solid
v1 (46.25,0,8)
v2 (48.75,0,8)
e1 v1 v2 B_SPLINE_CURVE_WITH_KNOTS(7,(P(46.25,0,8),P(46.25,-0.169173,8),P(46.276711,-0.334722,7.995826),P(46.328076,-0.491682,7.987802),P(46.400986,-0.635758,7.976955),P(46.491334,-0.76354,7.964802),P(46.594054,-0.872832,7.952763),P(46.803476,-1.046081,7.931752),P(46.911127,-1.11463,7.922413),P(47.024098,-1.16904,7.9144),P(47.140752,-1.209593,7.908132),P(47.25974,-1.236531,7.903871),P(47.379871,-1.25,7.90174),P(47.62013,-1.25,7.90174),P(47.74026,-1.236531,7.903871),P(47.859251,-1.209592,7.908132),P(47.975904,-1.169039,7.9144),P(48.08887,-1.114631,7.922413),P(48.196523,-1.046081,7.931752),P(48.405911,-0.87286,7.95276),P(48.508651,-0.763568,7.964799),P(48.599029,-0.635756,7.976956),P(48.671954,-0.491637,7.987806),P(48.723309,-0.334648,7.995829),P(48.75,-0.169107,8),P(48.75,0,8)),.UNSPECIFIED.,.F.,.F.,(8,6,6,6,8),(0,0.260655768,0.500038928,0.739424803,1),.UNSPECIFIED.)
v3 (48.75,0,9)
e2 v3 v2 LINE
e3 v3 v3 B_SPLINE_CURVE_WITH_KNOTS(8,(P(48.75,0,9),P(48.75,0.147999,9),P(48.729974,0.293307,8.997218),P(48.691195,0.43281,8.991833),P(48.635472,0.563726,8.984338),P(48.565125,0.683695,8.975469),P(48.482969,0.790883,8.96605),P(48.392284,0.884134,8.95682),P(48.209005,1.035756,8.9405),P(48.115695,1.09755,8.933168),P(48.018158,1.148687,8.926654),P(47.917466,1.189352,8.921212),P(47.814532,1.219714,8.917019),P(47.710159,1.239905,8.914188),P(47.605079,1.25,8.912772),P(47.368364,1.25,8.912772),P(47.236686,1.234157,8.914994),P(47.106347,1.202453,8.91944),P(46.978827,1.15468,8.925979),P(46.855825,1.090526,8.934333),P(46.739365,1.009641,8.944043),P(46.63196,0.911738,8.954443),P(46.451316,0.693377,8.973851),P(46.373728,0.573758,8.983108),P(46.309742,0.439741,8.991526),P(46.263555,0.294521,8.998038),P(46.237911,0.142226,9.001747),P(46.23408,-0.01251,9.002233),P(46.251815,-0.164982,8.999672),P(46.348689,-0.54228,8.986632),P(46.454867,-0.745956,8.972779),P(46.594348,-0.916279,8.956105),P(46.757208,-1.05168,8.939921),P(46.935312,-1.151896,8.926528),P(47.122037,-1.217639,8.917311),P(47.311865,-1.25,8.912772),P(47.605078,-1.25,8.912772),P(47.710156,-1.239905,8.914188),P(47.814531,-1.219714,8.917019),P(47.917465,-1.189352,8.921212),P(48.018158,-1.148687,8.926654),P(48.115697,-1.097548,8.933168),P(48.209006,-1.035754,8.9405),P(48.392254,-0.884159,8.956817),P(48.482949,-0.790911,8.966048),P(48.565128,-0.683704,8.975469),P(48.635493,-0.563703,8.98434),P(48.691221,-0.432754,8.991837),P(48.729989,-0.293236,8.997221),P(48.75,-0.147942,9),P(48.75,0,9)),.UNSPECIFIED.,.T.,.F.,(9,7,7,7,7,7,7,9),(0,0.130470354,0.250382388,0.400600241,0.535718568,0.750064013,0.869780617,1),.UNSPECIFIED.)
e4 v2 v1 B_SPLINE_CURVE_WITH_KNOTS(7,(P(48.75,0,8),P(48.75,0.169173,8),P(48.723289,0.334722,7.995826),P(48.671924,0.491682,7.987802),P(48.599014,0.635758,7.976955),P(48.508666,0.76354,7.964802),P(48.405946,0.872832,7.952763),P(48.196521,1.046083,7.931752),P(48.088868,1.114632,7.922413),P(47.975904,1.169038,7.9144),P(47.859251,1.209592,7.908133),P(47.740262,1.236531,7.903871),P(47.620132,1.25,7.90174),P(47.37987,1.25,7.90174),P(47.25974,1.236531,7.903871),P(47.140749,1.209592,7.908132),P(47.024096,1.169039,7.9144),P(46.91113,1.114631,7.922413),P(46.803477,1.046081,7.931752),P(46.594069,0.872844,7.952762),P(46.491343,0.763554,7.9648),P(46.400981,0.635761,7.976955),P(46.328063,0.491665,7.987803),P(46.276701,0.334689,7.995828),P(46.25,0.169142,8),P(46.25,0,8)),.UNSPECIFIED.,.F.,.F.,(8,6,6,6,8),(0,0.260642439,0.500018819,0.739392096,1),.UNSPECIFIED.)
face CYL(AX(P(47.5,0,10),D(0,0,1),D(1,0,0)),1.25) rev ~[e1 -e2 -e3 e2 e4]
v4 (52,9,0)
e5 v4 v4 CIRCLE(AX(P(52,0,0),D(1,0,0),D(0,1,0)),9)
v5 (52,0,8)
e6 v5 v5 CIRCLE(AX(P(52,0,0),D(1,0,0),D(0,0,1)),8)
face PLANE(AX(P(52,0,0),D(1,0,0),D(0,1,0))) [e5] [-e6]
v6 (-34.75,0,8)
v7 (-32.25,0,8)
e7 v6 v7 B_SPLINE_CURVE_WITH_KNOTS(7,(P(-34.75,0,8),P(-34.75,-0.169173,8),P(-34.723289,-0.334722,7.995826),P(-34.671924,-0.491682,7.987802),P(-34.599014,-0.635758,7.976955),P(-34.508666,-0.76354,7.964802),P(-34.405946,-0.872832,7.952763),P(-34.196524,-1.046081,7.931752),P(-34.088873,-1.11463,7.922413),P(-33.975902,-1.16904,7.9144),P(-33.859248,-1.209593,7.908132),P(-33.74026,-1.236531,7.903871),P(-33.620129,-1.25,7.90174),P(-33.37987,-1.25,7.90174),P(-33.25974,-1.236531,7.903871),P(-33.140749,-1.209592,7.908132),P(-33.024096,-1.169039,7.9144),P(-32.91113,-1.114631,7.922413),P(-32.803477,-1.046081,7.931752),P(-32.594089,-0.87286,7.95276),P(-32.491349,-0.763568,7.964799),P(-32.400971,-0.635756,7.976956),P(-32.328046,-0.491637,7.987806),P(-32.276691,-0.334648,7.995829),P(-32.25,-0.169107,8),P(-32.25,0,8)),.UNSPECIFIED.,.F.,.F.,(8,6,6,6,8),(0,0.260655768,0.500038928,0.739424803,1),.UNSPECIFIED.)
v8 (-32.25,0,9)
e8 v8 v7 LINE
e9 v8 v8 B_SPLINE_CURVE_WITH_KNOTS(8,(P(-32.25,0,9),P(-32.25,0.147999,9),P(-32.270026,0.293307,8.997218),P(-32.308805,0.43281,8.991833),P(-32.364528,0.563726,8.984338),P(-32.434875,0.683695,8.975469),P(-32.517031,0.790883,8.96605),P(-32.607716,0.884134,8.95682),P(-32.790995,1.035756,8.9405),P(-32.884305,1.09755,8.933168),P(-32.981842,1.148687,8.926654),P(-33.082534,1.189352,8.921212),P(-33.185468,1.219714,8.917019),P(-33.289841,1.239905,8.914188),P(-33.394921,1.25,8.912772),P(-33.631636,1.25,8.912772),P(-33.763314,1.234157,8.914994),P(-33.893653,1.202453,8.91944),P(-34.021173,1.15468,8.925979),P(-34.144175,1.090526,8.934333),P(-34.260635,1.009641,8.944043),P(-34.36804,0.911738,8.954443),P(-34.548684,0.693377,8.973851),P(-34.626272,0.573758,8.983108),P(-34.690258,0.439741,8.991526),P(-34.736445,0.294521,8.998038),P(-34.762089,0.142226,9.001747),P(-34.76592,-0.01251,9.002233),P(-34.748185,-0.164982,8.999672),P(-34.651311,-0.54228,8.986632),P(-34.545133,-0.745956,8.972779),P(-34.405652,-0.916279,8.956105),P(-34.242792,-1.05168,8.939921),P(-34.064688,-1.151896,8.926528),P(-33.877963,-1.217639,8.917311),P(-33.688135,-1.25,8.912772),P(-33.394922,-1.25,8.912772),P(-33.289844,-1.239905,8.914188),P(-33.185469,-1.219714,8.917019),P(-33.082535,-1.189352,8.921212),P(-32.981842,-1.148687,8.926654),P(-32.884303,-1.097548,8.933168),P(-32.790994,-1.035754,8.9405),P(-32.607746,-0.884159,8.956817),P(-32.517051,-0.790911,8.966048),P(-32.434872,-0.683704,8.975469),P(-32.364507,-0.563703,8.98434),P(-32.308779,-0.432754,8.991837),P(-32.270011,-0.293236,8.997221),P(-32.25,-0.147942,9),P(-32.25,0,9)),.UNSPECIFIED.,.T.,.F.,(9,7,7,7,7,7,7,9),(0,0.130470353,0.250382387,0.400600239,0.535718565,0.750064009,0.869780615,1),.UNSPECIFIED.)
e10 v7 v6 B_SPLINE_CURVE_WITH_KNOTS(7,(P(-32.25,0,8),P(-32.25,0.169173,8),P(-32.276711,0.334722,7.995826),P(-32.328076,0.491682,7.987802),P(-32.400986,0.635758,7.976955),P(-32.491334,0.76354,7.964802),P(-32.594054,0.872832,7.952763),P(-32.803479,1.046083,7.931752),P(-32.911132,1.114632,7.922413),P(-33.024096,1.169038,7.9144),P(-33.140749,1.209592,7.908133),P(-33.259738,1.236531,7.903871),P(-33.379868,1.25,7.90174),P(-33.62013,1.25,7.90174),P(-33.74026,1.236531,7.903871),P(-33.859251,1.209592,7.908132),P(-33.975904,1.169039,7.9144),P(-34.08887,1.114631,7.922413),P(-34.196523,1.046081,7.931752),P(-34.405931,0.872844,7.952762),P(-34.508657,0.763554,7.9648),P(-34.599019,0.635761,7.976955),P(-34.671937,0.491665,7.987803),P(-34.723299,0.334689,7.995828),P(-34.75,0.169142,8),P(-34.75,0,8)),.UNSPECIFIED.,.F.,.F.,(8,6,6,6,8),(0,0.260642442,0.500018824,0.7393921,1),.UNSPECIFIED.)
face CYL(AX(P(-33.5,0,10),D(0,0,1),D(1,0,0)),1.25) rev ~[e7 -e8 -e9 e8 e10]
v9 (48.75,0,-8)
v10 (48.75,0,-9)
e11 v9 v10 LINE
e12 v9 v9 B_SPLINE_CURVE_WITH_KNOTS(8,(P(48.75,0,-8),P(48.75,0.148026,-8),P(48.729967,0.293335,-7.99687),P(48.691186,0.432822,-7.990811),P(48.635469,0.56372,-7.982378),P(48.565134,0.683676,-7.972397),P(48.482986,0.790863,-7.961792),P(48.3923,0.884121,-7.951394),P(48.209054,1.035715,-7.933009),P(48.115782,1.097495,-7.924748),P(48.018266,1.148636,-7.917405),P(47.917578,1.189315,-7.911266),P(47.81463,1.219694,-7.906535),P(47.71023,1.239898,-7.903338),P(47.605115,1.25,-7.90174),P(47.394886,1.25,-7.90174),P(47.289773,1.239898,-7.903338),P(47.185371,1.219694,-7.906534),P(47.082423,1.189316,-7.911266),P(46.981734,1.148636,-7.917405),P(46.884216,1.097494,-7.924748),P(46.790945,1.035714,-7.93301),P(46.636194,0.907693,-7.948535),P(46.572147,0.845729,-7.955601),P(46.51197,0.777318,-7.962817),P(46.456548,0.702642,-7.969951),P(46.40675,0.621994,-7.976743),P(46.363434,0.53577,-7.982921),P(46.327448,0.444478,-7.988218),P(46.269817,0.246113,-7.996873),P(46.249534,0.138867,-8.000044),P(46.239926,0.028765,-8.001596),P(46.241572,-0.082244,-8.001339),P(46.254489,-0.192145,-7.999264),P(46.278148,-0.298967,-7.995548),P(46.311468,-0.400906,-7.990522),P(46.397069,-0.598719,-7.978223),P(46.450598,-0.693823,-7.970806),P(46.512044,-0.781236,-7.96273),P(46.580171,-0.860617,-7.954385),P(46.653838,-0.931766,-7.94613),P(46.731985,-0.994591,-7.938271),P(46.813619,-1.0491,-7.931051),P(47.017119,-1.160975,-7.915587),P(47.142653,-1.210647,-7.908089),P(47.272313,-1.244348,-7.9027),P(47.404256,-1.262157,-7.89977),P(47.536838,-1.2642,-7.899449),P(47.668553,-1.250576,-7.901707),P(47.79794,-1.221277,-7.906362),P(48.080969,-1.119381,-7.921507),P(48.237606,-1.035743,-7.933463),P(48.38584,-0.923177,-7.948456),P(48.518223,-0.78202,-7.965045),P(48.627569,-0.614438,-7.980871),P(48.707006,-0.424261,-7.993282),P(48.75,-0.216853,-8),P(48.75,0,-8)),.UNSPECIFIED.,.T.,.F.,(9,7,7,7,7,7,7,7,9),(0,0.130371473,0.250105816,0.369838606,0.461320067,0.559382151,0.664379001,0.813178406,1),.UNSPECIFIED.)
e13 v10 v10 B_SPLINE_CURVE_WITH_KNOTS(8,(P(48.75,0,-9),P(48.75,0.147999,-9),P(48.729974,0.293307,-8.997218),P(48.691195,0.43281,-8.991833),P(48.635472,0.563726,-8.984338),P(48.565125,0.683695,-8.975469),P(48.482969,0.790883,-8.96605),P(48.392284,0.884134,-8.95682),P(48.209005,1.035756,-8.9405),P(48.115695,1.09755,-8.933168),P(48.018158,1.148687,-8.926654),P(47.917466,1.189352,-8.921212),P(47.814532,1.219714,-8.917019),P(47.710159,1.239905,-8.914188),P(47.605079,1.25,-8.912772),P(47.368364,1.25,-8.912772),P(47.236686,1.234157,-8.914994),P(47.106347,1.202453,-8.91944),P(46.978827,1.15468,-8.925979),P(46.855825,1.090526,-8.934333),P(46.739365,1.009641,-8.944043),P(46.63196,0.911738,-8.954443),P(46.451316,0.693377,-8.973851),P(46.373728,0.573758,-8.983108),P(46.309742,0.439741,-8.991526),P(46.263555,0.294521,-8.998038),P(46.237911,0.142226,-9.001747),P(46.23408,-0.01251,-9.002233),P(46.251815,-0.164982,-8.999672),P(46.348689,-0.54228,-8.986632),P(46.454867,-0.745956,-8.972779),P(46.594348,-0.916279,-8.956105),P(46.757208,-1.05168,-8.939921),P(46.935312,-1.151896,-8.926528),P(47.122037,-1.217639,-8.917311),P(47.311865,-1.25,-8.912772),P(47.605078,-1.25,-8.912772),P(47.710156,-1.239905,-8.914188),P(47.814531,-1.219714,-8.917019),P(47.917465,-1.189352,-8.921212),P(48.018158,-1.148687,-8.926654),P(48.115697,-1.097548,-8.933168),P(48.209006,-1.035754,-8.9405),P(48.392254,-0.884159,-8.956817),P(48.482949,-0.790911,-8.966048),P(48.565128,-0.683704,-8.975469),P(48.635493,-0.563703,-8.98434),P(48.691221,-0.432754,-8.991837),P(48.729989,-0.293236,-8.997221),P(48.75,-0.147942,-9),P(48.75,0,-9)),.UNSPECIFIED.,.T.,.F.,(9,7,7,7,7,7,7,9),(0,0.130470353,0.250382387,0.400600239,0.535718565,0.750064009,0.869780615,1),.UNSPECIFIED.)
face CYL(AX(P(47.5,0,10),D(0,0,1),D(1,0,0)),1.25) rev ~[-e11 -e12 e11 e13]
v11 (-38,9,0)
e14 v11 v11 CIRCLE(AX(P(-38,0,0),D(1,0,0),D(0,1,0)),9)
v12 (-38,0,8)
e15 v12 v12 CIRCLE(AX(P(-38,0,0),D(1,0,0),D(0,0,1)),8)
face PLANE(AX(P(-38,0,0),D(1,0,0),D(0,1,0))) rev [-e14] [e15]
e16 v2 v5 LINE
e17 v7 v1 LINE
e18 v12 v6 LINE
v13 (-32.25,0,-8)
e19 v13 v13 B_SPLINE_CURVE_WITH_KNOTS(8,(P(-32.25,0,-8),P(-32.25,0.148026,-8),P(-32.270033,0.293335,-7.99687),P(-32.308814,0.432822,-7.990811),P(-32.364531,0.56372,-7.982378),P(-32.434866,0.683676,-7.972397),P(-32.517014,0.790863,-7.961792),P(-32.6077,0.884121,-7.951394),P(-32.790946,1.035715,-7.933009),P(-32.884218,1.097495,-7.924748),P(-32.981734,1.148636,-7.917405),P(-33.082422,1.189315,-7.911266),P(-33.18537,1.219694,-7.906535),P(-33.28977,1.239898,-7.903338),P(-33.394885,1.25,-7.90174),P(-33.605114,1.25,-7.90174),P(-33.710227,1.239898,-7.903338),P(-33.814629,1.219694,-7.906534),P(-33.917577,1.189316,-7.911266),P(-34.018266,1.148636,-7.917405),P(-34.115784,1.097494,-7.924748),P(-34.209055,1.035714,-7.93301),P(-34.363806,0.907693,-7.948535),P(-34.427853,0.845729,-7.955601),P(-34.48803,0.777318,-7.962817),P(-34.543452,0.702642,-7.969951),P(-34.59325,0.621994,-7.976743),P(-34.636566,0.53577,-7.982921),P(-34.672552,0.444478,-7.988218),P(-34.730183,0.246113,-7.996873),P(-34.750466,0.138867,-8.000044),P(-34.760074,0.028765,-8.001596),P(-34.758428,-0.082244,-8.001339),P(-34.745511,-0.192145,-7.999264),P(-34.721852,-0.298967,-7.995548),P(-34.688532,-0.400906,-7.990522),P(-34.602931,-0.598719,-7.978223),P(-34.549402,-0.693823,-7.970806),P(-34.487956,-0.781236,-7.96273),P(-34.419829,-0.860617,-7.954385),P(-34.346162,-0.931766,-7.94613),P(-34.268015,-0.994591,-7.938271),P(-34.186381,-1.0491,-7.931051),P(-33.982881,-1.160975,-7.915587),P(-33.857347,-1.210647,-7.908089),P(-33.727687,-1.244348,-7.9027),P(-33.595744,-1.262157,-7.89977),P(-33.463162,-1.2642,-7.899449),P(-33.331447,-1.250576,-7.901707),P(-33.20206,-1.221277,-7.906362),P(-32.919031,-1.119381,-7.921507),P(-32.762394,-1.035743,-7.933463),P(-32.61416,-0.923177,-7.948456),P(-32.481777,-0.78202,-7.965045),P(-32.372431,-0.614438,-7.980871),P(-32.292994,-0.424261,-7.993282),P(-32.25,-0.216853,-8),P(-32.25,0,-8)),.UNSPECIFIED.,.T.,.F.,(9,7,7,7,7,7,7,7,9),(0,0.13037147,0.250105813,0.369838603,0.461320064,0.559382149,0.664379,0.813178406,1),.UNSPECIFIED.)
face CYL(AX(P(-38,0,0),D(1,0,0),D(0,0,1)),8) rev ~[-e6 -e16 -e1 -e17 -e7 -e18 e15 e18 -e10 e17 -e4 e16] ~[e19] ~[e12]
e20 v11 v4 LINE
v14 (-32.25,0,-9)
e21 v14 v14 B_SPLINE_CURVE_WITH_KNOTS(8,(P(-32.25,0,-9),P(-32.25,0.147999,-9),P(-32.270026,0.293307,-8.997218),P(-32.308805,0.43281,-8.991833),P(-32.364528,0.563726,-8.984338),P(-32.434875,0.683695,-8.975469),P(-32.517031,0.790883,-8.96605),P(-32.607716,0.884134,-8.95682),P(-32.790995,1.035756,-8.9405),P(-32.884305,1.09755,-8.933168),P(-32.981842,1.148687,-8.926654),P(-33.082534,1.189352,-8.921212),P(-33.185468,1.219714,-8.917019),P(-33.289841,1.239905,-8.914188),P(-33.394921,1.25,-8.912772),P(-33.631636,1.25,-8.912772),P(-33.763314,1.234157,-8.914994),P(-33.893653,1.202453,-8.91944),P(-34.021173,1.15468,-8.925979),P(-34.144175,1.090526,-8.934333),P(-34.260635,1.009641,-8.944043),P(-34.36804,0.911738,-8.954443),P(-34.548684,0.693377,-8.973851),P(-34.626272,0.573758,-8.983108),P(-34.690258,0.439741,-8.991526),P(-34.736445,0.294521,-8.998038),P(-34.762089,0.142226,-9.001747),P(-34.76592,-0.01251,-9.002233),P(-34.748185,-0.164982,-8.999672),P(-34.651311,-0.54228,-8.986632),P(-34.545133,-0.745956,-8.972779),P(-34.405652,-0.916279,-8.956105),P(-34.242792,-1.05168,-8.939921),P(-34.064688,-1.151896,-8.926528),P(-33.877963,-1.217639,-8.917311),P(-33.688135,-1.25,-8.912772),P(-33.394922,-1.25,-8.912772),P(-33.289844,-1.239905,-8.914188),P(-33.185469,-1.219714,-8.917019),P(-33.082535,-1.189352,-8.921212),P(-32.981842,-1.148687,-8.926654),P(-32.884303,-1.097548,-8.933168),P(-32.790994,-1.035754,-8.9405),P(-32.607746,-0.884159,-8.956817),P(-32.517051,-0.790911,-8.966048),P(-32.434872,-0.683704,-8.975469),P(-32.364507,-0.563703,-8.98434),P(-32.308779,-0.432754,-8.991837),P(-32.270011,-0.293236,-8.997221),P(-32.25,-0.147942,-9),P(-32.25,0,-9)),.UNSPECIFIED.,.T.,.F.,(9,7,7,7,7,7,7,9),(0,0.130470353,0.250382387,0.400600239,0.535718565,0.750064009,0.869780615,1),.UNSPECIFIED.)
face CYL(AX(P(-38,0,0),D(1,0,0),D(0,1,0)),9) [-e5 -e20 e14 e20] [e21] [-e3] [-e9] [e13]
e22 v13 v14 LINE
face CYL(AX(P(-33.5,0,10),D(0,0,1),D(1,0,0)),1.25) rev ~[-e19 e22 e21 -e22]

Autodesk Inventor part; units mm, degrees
ref_plane "YZ Plane" through (0, 0, 0) normal (1, 0, 0) x (0, 1, 0)
ref_plane "XZ Plane" through (0, 0, 0) normal (0, 1, 0) x (-1, 0, 0)
sketch "ShaftProfile" plane through (0, 0, 0) normal (0, 0, 1) x (1, 0, 0)
  line L0 (-56, 0) -> (70, 0) construction
  line L1 (-38, 9) -> (52, 9)
  line L2 (52, 9) -> (52, 0)
  line L3 (-38, 0) -> (-38, 9)
  line L4 (-38, 0) -> (52, 0)
  point P0 (0, 0)
  dimension "d1" = 90
  dimension "d2" = 9
  dimension "d4" = 38
revolve "ShaftFeature" add sketch "ShaftProfile" angle 360 about axis through (-38, 0, 0) along (1, 0, 0)
sketch "Sketch2" plane through (-38, 0, 0) normal (-1, 0, 0) x (0, 0, 1)
  circle A0 centre (0, 0) radius 9 projected
hole "ShaftHoleFeature" at (-38, 0, 0) direction (1, 0, 0) diameter 16 end through all
ref_plane "MidSidePlane" through (0, 0, 10) normal (0, 0, 1) x (1, 0, 0)
sketch "CapHoles" plane through (0, 0, 10) normal (0, 0, 1) x (1, 0, 0)
  line L0 (52, -9) -> (52, 9) construction
  line L1 (-38, -9) -> (-38, 9) construction
  line L2 (-52, 0) -> (46, 0) construction
  circle A0 centre (-33.5, 0) radius 1.25
  circle A1 centre (47.5, 0) radius 1.25
  dimension "d24" = 2.5
  dimension "d25" = 4.5
  dimension "d26" = 4.5
extrude "CapHolesFeature" cut sketch "CapHoles" against normal through all
equation "\"d26\" = d25"
properties part number "BackPair1PistonShaft"
